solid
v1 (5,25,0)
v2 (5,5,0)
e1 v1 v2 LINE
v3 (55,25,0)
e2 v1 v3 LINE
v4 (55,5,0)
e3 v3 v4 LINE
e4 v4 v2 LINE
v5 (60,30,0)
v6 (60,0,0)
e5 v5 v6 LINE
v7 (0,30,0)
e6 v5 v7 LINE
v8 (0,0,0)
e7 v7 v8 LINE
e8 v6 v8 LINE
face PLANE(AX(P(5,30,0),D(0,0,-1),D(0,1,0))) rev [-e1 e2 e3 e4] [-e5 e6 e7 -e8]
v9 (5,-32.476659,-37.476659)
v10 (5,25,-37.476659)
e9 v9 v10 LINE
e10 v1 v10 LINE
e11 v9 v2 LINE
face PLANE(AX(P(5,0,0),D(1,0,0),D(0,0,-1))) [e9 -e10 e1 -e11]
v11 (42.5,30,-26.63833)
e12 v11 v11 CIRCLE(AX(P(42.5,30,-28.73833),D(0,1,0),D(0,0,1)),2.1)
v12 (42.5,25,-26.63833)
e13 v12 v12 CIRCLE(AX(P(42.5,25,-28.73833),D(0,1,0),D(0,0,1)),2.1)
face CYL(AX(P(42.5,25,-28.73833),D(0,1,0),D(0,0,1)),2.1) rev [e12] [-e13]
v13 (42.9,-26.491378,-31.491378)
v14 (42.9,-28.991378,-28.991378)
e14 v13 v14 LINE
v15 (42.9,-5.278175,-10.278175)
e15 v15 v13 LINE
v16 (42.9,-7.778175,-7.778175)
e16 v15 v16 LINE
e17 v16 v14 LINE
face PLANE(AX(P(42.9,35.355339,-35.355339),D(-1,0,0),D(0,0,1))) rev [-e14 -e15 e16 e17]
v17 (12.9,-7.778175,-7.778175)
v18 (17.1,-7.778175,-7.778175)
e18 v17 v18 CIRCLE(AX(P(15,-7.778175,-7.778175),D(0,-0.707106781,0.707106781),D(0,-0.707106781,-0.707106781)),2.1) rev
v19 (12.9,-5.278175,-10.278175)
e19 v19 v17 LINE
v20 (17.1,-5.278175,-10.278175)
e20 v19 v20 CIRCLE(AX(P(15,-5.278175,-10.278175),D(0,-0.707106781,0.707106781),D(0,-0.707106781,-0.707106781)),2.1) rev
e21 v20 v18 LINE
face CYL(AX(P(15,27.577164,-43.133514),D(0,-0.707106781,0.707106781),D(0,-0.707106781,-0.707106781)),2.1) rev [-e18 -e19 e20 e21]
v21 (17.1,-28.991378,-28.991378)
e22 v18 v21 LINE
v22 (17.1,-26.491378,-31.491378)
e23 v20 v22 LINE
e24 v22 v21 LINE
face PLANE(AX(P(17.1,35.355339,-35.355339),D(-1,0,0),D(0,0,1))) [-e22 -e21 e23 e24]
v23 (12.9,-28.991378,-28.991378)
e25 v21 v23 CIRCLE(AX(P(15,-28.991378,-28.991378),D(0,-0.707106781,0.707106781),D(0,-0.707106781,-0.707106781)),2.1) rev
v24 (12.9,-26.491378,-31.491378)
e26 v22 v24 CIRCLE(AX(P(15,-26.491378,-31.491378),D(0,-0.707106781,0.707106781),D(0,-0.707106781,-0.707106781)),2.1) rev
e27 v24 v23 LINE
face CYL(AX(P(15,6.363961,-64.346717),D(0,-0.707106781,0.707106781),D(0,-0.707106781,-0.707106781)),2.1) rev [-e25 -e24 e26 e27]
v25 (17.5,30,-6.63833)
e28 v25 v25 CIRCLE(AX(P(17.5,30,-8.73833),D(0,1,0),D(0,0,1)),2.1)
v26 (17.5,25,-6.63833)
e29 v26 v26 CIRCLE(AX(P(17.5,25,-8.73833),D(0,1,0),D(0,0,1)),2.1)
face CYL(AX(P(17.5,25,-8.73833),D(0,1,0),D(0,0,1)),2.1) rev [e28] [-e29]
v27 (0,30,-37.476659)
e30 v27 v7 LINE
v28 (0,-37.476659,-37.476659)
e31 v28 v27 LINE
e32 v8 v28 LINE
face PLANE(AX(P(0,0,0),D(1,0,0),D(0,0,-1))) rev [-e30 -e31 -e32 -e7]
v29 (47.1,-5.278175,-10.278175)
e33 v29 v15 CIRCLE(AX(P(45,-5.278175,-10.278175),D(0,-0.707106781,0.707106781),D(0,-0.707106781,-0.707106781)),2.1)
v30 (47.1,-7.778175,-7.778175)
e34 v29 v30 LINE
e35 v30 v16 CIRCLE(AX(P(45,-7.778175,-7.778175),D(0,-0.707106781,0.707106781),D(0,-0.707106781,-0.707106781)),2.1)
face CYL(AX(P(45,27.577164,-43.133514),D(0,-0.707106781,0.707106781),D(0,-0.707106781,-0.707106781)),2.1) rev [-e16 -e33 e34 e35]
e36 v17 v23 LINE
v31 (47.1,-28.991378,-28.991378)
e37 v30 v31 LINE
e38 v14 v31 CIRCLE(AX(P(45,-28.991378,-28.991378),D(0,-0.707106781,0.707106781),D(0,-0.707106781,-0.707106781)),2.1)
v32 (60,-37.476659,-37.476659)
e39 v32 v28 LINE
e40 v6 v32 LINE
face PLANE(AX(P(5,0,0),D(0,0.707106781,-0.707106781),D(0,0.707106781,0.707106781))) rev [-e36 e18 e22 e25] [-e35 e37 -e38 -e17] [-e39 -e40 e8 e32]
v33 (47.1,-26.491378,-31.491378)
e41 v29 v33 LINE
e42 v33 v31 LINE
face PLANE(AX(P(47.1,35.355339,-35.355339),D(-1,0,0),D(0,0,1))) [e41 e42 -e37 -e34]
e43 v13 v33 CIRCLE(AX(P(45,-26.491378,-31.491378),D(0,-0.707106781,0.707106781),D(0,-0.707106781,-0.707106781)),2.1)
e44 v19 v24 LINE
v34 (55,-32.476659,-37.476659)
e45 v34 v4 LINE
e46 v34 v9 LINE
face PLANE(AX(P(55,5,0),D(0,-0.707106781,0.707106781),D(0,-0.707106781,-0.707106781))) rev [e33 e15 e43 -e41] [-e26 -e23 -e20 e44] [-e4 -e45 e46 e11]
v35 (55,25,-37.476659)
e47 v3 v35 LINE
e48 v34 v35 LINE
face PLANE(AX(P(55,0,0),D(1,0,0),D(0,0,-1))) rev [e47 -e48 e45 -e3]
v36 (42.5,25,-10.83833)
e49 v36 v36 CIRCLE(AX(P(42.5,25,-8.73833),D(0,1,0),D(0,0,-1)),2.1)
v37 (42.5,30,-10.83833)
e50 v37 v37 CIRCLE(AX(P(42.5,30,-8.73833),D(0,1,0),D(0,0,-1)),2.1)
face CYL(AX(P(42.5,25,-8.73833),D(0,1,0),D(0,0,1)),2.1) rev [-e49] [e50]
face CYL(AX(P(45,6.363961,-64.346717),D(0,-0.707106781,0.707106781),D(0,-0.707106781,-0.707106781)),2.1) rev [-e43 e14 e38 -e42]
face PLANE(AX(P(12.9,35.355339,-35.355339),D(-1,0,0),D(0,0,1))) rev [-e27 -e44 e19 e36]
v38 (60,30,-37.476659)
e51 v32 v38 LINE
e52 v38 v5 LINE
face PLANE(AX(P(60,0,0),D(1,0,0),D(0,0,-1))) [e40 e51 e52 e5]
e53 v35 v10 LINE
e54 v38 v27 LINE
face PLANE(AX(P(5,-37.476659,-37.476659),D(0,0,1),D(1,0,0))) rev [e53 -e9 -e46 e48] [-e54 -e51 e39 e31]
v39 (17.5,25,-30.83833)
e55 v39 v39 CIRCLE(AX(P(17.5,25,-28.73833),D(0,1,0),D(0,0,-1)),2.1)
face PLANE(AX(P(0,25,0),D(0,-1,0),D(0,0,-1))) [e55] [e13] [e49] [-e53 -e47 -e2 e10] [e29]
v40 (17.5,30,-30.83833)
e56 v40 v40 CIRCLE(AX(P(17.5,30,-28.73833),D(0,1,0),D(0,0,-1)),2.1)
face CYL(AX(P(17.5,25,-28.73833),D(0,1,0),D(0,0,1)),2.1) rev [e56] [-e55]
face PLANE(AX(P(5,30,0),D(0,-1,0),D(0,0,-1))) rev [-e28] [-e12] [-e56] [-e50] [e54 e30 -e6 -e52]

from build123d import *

# Parameters (mm, degrees)
EXTRUDE_1_DEPTH     = 5
EXTRUDE_3_DEPTH     = 50
CUT_EXTRUDE_2_DEPTH = 50
EXTRUDE_4_DEPTH     = 5
SKETCH_6_W          = 60
SKETCH_6_H          = 37.476659403
EXTRUDE_5_DEPTH     = 5
SKETCH_7_R          = 2.1
CUT_EXTRUDE_3_DEPTH = 5


with BuildPart() as part:
    # 草图2 → 凸台-拉伸1 (new body)
    with BuildSketch(Plane(origin=(0, 0, 0), x_dir=(0, 0, -1), z_dir=(1, 0, 0))):
        Polygon((0, 30), (0, 0), (37.476659403, -37.476659403), (37.476659403, 30), align=None)
    extrude(amount=EXTRUDE_1_DEPTH)

    # 草图4 → 凸台-拉伸3 (add)
    with BuildSketch(Plane(origin=(5, 0, 0), x_dir=(0, 0, -1), z_dir=(1, 0, 0))):
        Polygon((0, 0), (0, 5), (37.476659403, -32.476659403), (37.476659403, -37.476659403), align=None)
    extrude(amount=EXTRUDE_3_DEPTH)

    # 草图3 → 切除-拉伸2 (cut)
    with BuildSketch(Plane(origin=(0, 0, 0), x_dir=(1, 0, 0), z_dir=(0, -0.7071067811865489, 0.7071067811865462))):
        with BuildLine():
            ThreePointArc((17.1, -41), (15, -43.1), (12.9, -41))
            Line((12.9, -41), (12.9, -11))
            ThreePointArc((12.9, -11), (15, -8.9), (17.1, -11))
            Line((17.1, -11), (17.1, -41))
        make_face()
        with BuildLine():
            Line((42.9, -11), (42.9, -41))
            ThreePointArc((42.9, -41), (45, -43.1), (47.1, -41))
            Line((47.1, -41), (47.1, -11))
            ThreePointArc((47.1, -11), (45, -8.9), (42.9, -11))
        make_face()
    extrude(amount=-CUT_EXTRUDE_2_DEPTH, mode=Mode.SUBTRACT)

    # 草图5 → 凸台-拉伸4 (add)
    with BuildSketch(Plane(origin=(55, 0, 0), x_dir=(0, 0, -1), z_dir=(1, 0, 0))):
        Polygon((0, 30), (0, 0), (37.476659403, -37.476659403), (37.476659403, 30), align=None)
    extrude(amount=EXTRUDE_4_DEPTH)

    # 草图6 → 凸台-拉伸5 (add)
    with BuildSketch(Plane(origin=(0, 30, 0), x_dir=(1, 0, 0), z_dir=(0, 1, 0))):
        with Locations((30, 18.738329701)):
            Rectangle(SKETCH_6_W, SKETCH_6_H)
    extrude(amount=-EXTRUDE_5_DEPTH)

    # 草图7 → 切除-拉伸3 (cut)
    with BuildSketch(Plane(origin=(0, 30, 0), x_dir=(1, 0, 0), z_dir=(0, 1, 0))):
        with Locations(Location((42.5, 28.738329701, 0), (0, 0, 270))):
            Circle(SKETCH_7_R)
        with Locations(Location((17.5, 28.738329701, 0), (0, 0, 90))):
            Circle(SKETCH_7_R)
        with Locations(Location((42.5, 8.738329701, 0), (0, 0, 90))):
            Circle(SKETCH_7_R)
        with Locations(Location((17.5, 8.738329701, 0), (0, 0, 270))):
            Circle(SKETCH_7_R)
    extrude(amount=-CUT_EXTRUDE_3_DEPTH, mode=Mode.SUBTRACT)


solid = part.part
